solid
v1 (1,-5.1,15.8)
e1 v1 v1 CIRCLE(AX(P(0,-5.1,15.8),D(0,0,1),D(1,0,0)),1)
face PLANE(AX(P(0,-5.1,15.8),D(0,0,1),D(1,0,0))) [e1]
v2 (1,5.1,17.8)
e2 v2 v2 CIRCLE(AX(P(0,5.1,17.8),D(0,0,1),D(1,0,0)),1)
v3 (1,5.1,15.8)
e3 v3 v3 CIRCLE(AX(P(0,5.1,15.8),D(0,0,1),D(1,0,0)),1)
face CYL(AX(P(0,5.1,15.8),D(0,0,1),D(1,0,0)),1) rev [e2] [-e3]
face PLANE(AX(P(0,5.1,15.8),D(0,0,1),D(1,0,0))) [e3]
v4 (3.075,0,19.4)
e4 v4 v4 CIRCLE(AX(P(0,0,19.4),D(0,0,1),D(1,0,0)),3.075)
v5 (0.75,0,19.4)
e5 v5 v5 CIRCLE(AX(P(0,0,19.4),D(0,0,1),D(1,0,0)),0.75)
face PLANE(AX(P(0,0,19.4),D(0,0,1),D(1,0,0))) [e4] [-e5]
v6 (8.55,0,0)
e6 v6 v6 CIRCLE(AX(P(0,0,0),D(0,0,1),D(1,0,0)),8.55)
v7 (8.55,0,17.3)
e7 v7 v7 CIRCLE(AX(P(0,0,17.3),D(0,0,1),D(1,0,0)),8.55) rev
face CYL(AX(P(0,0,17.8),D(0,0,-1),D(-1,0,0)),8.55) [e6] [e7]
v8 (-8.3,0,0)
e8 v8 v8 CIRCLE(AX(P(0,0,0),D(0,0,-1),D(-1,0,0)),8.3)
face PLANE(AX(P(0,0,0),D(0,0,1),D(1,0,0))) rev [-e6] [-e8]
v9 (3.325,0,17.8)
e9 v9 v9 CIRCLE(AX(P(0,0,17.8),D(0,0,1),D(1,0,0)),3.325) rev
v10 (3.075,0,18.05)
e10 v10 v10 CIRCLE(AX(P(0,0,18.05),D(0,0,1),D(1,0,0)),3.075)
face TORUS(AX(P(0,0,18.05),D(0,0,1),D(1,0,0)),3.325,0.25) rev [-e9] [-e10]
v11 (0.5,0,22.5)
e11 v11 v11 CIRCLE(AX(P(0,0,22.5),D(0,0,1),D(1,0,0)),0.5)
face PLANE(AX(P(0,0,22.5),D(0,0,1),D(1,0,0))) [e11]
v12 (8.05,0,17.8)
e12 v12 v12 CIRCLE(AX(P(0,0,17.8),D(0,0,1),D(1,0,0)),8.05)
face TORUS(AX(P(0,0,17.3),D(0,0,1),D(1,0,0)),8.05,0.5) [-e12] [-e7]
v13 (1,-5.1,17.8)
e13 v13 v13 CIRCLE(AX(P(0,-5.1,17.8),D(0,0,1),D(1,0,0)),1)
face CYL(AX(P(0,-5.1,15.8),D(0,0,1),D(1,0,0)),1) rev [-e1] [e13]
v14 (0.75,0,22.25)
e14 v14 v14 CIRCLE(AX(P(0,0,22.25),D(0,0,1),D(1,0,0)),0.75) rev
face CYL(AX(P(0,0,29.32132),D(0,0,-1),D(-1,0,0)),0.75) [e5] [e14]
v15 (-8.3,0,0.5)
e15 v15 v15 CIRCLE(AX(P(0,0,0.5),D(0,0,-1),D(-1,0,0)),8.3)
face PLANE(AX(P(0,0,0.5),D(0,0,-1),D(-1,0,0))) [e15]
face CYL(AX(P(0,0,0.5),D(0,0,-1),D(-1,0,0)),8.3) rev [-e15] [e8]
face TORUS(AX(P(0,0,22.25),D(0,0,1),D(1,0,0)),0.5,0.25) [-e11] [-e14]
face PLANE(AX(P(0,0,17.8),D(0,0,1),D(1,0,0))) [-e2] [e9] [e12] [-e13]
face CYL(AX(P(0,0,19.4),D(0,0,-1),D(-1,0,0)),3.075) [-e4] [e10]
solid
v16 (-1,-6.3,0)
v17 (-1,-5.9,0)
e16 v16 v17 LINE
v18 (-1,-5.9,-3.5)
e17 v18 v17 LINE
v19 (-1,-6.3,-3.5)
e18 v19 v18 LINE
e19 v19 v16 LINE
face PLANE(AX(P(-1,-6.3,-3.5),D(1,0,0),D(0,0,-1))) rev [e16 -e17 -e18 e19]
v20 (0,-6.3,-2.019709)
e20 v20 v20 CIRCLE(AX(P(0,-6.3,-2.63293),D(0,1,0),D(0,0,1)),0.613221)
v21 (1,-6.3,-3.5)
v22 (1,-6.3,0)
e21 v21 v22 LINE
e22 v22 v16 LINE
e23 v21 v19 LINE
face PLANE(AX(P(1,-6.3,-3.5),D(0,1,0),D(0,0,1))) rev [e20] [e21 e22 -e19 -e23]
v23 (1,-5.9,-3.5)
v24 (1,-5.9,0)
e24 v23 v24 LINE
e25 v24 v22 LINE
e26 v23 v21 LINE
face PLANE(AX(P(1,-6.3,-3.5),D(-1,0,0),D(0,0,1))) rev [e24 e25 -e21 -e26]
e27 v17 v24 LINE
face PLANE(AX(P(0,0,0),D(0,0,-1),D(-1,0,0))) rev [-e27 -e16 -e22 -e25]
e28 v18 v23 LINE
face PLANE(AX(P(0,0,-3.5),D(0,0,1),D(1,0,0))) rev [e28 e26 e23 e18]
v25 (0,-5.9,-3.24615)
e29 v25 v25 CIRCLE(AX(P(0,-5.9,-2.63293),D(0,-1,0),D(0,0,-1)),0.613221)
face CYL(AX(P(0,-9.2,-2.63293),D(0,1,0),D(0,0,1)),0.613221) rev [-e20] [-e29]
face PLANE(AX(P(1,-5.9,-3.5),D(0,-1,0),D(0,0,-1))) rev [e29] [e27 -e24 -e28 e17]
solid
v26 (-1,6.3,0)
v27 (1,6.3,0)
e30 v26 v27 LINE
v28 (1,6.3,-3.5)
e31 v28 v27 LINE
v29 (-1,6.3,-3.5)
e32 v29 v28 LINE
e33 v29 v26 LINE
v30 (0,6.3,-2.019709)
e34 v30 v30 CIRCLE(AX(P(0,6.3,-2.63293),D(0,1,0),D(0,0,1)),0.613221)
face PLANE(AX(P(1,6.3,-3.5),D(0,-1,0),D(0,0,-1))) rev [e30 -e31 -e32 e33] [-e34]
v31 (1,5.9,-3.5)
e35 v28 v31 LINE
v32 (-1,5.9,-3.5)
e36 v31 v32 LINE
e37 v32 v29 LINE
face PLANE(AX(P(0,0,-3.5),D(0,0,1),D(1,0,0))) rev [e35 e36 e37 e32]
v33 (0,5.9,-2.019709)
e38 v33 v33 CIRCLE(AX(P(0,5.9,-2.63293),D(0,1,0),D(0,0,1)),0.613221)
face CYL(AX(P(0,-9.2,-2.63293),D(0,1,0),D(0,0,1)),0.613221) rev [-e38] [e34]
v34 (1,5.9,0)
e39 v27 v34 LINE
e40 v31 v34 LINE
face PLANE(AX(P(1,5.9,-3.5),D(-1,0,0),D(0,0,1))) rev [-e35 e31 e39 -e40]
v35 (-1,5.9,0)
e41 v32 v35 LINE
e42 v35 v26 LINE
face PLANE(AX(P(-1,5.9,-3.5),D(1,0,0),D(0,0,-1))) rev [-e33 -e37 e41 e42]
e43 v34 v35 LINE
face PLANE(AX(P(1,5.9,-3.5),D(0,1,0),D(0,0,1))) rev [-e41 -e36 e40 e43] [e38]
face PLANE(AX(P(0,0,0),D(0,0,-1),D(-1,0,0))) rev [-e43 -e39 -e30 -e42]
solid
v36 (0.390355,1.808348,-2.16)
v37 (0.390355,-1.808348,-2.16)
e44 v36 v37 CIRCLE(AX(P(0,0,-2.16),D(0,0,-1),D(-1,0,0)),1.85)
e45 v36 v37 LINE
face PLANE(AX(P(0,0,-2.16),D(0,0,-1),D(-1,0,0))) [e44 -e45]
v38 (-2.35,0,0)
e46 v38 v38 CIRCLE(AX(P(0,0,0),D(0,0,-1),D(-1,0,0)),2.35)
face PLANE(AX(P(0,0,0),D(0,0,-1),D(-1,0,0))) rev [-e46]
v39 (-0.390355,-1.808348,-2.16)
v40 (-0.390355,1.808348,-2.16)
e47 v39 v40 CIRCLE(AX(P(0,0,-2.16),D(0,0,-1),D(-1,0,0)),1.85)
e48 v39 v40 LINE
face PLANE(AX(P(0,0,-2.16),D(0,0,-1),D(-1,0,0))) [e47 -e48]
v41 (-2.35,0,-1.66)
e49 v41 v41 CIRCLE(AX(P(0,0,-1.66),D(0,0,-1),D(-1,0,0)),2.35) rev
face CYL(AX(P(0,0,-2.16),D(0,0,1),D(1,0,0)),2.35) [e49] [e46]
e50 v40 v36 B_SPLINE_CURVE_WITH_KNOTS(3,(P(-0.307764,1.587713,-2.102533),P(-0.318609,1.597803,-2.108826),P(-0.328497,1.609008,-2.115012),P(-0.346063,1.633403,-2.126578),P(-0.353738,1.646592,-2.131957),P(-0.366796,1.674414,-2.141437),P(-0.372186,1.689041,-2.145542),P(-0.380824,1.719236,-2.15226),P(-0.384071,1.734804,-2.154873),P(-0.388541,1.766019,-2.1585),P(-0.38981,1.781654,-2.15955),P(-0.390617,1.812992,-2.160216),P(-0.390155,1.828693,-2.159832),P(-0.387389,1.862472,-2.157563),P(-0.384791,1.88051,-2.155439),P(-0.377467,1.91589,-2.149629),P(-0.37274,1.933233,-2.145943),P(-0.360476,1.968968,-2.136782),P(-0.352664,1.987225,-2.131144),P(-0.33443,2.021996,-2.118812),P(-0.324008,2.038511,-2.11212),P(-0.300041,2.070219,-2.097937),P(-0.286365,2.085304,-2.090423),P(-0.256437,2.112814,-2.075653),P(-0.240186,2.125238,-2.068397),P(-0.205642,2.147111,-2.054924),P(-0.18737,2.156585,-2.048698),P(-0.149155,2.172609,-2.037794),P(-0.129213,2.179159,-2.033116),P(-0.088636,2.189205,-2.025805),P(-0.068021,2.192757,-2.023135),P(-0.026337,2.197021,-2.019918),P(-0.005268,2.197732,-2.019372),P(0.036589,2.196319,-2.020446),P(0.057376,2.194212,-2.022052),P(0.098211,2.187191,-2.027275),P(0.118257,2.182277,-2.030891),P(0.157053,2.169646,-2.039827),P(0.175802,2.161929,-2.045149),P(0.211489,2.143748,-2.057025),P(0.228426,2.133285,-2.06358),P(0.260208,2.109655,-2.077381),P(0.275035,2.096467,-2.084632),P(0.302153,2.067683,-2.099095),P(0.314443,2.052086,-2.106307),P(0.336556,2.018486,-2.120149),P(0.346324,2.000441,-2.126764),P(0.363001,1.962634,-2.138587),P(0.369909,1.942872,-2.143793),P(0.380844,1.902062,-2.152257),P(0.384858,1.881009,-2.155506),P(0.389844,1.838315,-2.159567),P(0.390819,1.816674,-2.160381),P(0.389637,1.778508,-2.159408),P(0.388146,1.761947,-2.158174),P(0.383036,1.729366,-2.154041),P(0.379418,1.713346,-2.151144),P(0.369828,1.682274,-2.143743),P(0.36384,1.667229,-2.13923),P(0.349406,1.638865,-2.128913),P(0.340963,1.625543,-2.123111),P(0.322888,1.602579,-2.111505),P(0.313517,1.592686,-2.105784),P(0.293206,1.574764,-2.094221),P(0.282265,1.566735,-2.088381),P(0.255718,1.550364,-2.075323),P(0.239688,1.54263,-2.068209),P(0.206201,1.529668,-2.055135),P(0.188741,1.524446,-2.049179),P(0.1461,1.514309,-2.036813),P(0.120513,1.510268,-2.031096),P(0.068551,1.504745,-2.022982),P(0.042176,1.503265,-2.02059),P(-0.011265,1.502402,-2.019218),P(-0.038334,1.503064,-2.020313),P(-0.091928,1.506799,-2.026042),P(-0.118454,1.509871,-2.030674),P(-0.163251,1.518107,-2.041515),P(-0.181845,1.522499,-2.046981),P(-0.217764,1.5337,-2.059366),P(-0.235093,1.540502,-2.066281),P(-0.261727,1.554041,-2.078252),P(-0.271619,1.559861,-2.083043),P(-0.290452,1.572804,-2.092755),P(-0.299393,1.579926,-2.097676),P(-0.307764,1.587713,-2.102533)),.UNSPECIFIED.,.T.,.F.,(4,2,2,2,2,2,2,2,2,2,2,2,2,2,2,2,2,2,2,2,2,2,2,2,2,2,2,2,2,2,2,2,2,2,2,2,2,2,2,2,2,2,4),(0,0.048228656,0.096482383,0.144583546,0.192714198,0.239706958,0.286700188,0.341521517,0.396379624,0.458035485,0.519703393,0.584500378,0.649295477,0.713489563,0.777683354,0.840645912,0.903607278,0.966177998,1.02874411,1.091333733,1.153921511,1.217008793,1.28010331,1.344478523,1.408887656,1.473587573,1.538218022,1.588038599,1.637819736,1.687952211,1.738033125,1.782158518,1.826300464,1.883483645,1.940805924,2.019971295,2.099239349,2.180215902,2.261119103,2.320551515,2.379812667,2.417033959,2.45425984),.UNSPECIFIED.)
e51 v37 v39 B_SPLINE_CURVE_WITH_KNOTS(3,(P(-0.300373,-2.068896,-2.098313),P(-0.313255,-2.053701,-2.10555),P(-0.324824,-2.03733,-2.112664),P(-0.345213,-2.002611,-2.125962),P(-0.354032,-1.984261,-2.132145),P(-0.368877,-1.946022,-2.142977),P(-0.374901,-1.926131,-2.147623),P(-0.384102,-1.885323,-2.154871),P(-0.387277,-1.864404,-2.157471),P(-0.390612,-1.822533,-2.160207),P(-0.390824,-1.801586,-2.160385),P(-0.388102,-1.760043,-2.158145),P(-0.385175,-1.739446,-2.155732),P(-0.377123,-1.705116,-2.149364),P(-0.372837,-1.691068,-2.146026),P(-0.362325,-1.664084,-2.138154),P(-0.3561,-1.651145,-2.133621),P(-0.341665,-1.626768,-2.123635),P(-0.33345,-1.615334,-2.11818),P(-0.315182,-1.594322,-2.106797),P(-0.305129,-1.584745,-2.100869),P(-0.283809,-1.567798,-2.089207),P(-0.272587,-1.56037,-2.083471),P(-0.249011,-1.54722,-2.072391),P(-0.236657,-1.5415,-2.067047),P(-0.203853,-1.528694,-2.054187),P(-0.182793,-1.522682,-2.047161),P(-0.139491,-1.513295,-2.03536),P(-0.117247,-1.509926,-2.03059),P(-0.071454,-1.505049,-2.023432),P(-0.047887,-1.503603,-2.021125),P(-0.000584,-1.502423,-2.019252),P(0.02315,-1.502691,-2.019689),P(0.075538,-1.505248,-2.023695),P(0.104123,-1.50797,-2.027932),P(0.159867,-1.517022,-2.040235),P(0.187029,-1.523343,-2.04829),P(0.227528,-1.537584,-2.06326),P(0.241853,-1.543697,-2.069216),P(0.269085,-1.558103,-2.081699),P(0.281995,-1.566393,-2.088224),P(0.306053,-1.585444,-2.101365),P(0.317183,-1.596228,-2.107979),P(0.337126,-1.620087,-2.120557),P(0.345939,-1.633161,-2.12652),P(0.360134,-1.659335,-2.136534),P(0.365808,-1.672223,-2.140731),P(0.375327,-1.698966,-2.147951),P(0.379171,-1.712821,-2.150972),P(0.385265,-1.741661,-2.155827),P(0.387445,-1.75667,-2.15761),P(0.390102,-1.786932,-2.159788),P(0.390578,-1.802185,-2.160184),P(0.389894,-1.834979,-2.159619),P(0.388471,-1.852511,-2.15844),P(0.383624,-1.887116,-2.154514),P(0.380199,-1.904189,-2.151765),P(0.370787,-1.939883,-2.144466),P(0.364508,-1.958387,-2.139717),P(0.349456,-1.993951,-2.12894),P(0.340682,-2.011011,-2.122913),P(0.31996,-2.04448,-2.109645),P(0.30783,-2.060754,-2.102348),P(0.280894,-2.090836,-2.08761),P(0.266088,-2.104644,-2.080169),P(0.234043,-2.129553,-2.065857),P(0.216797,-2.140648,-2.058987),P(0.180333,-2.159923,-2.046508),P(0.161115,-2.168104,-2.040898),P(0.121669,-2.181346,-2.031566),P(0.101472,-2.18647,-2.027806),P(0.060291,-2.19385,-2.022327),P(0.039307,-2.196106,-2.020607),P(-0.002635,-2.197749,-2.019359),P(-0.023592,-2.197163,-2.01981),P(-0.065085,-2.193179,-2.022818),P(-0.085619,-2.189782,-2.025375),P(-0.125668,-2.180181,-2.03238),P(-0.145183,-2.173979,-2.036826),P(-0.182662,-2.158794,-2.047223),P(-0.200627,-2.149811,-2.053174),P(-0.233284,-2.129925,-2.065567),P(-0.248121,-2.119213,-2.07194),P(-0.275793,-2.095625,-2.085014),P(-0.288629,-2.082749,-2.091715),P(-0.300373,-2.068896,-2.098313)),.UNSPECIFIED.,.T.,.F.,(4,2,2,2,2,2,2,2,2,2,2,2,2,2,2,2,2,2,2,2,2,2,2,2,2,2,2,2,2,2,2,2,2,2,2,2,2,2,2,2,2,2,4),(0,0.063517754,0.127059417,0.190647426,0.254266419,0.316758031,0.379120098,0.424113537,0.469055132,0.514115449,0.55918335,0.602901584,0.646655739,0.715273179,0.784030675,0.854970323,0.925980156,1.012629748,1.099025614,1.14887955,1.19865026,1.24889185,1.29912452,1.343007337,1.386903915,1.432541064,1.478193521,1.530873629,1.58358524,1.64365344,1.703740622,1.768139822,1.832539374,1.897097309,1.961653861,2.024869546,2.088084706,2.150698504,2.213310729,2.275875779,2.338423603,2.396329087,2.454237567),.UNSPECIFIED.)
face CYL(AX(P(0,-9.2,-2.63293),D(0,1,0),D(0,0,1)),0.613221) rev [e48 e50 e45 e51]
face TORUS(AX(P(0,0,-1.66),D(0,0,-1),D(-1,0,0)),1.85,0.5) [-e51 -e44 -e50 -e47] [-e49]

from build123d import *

# Parameters (mm, degrees)
SKETCH1_R           = 8.55
BOSS_EXTRUDE1_DEPTH = 17.8
SKETCH2_R           = 3.075
BOSS_EXTRUDE2_DEPTH = 1.6
SKETCH3_R           = 0.75
BOSS_EXTRUDE3_DEPTH = 3.1
SKETCH4_R           = 1
CUT_EXTRUDE1_DEPTH  = 2
SKETCH5_R           = 2.35
BOSS_EXTRUDE4_DEPTH = 2.16
SKETCH6_W           = 2
SKETCH6_H           = 0.4
BOSS_EXTRUDE5_DEPTH = 3.5
FILLET1_R           = 0.5
FILLET2_R           = 0.25
FILLET3_R           = 0.5
SKETCH7_R           = 8.3
CUT_EXTRUDE2_DEPTH  = 0.5
SKETCH8_R           = 0.613220663
CUT_EXTRUDE3_DEPTH  = 15.5
FILLET4_R           = 0.25


with BuildPart() as part:
    # Sketch1 → Boss-Extrude1 (new body)
    with BuildSketch(Plane.XY):
        Circle(SKETCH1_R)
    extrude(amount=BOSS_EXTRUDE1_DEPTH)

    # Sketch2 → Boss-Extrude2 (add)
    with BuildSketch(Plane.XY.offset(17.8)):
        Circle(SKETCH2_R)
    extrude(amount=BOSS_EXTRUDE2_DEPTH)

    # Sketch3 → Boss-Extrude3 (add)
    with BuildSketch(Plane.XY.offset(19.4)):
        Circle(SKETCH3_R)
    extrude(amount=BOSS_EXTRUDE3_DEPTH)

    # Sketch4 → Cut-Extrude1 (cut)
    with BuildSketch(Plane.XY.offset(17.8)):
        with Locations((0, 5.1)):
            Circle(SKETCH4_R)
        with Locations((0, -5.1)):
            Circle(SKETCH4_R)
    extrude(amount=-CUT_EXTRUDE1_DEPTH, mode=Mode.SUBTRACT)

    # Sketch5 → Boss-Extrude4 (add)
    with BuildSketch(Plane(origin=(0, 0, 0), x_dir=(-1, 0, 0), z_dir=(0, 0, -1))):
        Circle(SKETCH5_R)
    extrude(amount=BOSS_EXTRUDE4_DEPTH)

    # Sketch6 → Boss-Extrude5 (add)
    with BuildSketch(Plane(origin=(0, 0, 0), x_dir=(-1, 0, 0), z_dir=(0, 0, -1))):
        with Locations((0, 6.1)):
            Rectangle(SKETCH6_W, SKETCH6_H)
        with Locations((0, -6.1)):
            Rectangle(SKETCH6_W, SKETCH6_H)
    extrude(amount=BOSS_EXTRUDE5_DEPTH)

    # Fillet1
    fillet1_edges = [part.edges().sort_by_distance(p)[0] for p in [
        (-8.55, 0, 17.8),
    ]]
    fillet(fillet1_edges, radius=FILLET1_R)

    # Fillet2
    fillet2_edges = [part.edges().sort_by_distance(p)[0] for p in [
        (-3.075, 0, 17.8),
    ]]
    fillet(fillet2_edges, radius=FILLET2_R)

    # Fillet3
    fillet3_edges = [part.edges().sort_by_distance(p)[0] for p in [
        (2.35, 0, -2.16),
    ]]
    fillet(fillet3_edges, radius=FILLET3_R)

    # Sketch7 → Cut-Extrude2 (cut)
    with BuildSketch(Plane(origin=(0, 0, 0), x_dir=(-1, 0, 0), z_dir=(0, 0, -1))):
        Circle(SKETCH7_R)
    extrude(amount=-CUT_EXTRUDE2_DEPTH, mode=Mode.SUBTRACT)

    # Sketch8 → Cut-Extrude3 (cut)
    with BuildSketch(Plane(origin=(0, 6.3, 0), x_dir=(1, 0, 0), z_dir=(0, 1, 0))):
        with Locations((0, 2.632929707)):
            Circle(SKETCH8_R)
    extrude(amount=-CUT_EXTRUDE3_DEPTH, mode=Mode.SUBTRACT)

    # Fillet4
    fillet4_edges = [part.edges().sort_by_distance(p)[0] for p in [
        (-0.75, 0, 22.5),
    ]]
    fillet(fillet4_edges, radius=FILLET4_R)


solid = part.part
